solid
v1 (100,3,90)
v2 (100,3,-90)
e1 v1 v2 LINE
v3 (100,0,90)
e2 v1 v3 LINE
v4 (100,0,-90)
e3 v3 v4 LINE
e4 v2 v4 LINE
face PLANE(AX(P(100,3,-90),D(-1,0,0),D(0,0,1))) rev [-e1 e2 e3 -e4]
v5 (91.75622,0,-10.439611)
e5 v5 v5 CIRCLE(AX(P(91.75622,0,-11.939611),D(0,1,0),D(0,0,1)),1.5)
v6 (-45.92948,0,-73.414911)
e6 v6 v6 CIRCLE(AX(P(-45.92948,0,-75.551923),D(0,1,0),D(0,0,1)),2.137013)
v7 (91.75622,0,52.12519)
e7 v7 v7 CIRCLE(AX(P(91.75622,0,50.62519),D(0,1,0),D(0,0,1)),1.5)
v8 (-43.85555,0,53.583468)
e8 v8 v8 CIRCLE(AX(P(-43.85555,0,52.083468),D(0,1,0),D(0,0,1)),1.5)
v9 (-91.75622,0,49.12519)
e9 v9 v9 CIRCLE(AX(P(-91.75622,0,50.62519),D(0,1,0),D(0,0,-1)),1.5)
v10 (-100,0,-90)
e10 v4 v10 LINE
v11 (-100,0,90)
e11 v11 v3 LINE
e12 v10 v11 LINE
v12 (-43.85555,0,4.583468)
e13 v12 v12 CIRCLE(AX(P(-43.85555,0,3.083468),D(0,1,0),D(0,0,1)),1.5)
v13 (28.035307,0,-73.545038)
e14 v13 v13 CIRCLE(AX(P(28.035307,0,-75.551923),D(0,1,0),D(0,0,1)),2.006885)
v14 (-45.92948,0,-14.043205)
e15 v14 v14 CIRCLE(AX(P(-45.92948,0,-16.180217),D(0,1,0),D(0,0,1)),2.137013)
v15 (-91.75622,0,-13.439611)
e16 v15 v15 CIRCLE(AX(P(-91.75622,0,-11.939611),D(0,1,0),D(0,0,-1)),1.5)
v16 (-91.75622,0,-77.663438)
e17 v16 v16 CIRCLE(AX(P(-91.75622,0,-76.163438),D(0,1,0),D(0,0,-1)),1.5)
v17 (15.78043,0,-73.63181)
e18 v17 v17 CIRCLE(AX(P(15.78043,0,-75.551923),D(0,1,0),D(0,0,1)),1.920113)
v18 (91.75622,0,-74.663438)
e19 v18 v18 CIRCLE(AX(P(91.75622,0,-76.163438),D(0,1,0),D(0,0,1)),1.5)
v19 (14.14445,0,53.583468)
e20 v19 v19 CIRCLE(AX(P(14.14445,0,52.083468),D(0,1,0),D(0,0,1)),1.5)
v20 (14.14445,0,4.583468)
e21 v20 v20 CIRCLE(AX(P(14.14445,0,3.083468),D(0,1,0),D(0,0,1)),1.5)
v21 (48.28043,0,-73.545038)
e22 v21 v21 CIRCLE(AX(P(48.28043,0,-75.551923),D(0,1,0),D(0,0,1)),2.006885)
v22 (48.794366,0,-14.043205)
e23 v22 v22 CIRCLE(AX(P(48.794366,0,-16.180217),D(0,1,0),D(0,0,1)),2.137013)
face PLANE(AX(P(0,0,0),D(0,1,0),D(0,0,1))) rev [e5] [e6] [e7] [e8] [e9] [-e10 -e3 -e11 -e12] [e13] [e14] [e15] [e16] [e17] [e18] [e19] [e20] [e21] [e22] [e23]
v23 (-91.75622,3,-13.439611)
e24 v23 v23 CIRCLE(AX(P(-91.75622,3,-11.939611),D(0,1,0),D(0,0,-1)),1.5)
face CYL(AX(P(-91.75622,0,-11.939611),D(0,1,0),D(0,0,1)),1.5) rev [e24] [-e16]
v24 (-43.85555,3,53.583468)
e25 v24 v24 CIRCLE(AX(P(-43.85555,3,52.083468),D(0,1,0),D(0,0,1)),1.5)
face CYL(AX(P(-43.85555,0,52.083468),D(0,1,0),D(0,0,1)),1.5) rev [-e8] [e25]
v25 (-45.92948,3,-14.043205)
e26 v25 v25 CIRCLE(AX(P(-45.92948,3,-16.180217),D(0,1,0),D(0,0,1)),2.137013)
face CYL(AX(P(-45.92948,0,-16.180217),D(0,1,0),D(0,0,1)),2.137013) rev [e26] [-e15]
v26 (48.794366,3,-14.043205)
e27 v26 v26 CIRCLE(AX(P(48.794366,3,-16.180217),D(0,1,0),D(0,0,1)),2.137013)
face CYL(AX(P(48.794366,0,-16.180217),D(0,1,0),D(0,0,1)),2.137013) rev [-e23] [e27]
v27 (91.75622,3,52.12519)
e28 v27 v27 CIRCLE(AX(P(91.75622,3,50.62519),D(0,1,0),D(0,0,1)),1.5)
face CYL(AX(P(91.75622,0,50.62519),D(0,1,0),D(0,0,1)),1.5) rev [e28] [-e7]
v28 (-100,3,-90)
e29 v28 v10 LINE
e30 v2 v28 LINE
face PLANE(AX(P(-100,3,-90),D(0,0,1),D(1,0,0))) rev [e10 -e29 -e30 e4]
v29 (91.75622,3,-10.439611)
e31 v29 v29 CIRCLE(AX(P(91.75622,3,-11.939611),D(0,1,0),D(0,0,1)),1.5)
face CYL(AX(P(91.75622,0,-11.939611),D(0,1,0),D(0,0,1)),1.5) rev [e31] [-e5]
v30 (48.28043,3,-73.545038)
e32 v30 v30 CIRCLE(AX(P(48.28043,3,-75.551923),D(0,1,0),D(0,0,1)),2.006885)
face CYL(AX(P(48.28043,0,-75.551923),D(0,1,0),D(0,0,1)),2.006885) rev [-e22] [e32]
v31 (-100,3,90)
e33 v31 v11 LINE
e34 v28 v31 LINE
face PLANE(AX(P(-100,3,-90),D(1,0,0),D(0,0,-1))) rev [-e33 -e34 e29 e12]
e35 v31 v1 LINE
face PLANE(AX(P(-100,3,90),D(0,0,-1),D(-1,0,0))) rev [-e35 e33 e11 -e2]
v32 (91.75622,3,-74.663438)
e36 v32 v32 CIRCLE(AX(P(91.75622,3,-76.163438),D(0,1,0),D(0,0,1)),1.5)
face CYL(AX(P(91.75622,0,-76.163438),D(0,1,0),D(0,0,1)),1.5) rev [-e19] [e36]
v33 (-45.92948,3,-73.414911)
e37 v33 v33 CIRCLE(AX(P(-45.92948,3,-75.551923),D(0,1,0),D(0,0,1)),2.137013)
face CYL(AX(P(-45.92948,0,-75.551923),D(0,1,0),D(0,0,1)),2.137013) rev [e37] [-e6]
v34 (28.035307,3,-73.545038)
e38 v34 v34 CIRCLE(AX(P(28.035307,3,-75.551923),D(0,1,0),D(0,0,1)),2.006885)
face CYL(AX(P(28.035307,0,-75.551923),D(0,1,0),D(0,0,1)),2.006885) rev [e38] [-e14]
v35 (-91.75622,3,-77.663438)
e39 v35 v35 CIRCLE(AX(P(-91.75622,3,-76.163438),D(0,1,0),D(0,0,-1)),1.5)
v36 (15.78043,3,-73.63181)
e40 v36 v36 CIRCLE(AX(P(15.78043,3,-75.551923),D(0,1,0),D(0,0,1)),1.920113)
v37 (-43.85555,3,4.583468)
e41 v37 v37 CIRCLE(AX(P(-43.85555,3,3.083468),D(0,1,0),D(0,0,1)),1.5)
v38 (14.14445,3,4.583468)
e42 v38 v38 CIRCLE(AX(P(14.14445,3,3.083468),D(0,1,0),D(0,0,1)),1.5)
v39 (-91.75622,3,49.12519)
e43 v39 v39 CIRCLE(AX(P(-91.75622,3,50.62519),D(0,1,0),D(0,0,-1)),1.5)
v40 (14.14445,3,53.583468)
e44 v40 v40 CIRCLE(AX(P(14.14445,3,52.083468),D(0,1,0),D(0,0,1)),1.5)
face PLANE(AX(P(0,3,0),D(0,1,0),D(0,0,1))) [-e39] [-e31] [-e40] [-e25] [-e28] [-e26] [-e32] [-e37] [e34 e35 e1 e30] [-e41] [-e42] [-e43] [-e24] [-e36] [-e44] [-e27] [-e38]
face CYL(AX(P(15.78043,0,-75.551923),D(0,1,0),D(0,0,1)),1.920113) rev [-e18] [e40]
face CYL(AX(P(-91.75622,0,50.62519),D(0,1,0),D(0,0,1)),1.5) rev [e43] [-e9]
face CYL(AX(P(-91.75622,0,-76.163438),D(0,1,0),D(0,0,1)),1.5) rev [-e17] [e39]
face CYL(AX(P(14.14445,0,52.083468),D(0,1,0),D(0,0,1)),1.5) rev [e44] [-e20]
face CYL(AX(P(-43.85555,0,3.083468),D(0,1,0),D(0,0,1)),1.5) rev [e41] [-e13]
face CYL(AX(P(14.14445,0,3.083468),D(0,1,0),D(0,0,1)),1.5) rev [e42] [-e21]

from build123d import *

# Parameters (mm, degrees)
SKETCH_1_W          = 200
SKETCH_1_H          = 180
EXTRUDE_1_DEPTH     = 3
SKETCH_2_R          = 1.5
CUT_EXTRUDE_1_DEPTH = 3
SKETCH_3_R          = 1.5
CUT_EXTRUDE_2_DEPTH = 3
SKETCH_4_R          = 2.137012609
SKETCH_4_R_2        = 2.00688496
SKETCH_4_R_3        = 1.920113274
CUT_EXTRUDE_3_DEPTH = 3


with BuildPart() as part:
    # 草图1 → 凸台-拉伸1 (new body)
    with BuildSketch(Plane(origin=(0, 0, 0), x_dir=(1, 0, 0), z_dir=(0, 1, 0))):
        Rectangle(SKETCH_1_W, SKETCH_1_H)
    extrude(amount=EXTRUDE_1_DEPTH)

    # 草图2 → 切除-拉伸1 (cut)
    with BuildSketch(Plane(origin=(0, 3, 0), x_dir=(1, 0, 0), z_dir=(0, 1, 0))):
        with Locations(Location((91.756220162, 76.163438047, 0), (0, 0, 270))):
            Circle(SKETCH_2_R)
        with Locations(Location((91.756220162, 11.939610887, 0), (0, 0, 270))):
            Circle(SKETCH_2_R)
        with Locations(Location((91.756220162, -50.625190386, 0), (0, 0, 270))):
            Circle(SKETCH_2_R)
        with Locations(Location((-91.756220162, 76.163438047, 0), (0, 0, 90))):
            Circle(SKETCH_2_R)
        with Locations(Location((-91.756220162, 11.939610887, 0), (0, 0, 90))):
            Circle(SKETCH_2_R)
        with Locations(Location((-91.756220162, -50.625190386, 0), (0, 0, 90))):
            Circle(SKETCH_2_R)
    extrude(amount=-CUT_EXTRUDE_1_DEPTH, mode=Mode.SUBTRACT)

    # 草图3 → 切除-拉伸2 (cut)
    with BuildSketch(Plane(origin=(0, 3, 0), x_dir=(1, 0, 0), z_dir=(0, 1, 0))):
        with Locations(Location((14.144450177, -3.083468073, 0), (0, 0, 270))):
            Circle(SKETCH_3_R)
        with Locations(Location((14.144450177, -52.083468073, 0), (0, 0, 270))):
            Circle(SKETCH_3_R)
        with Locations(Location((-43.855549823, -52.083468073, 0), (0, 0, 270))):
            Circle(SKETCH_3_R)
        with Locations(Location((-43.855549823, -3.083468073, 0), (0, 0, 270))):
            Circle(SKETCH_3_R)
    extrude(amount=-CUT_EXTRUDE_2_DEPTH, mode=Mode.SUBTRACT)

    # 草图4 → 切除-拉伸3 (cut)
    with BuildSketch(Plane(origin=(0, 3, 0), x_dir=(1, 0, 0), z_dir=(0, 1, 0))):
        with Locations(Location((48.794365555, 16.180217446, 0), (0, 0, 270))):
            Circle(SKETCH_4_R)
        with Locations(Location((48.28042953, 75.551923117, 0), (0, 0, 270))):
            Circle(SKETCH_4_R_2)
        with Locations(Location((28.035307004, 75.551923117, 0), (0, 0, 270))):
            Circle(SKETCH_4_R_2)
        with Locations(Location((15.78042953, 75.551923117, 0), (0, 0, 270))):
            Circle(SKETCH_4_R_3)
        with Locations(Location((-45.929479507, 75.551923117, 0), (0, 0, 270))):
            Circle(SKETCH_4_R)
        with Locations(Location((-45.929479507, 16.180217446, 0), (0, 0, 270))):
            Circle(SKETCH_4_R)
    extrude(amount=-CUT_EXTRUDE_3_DEPTH, mode=Mode.SUBTRACT)


solid = part.part
